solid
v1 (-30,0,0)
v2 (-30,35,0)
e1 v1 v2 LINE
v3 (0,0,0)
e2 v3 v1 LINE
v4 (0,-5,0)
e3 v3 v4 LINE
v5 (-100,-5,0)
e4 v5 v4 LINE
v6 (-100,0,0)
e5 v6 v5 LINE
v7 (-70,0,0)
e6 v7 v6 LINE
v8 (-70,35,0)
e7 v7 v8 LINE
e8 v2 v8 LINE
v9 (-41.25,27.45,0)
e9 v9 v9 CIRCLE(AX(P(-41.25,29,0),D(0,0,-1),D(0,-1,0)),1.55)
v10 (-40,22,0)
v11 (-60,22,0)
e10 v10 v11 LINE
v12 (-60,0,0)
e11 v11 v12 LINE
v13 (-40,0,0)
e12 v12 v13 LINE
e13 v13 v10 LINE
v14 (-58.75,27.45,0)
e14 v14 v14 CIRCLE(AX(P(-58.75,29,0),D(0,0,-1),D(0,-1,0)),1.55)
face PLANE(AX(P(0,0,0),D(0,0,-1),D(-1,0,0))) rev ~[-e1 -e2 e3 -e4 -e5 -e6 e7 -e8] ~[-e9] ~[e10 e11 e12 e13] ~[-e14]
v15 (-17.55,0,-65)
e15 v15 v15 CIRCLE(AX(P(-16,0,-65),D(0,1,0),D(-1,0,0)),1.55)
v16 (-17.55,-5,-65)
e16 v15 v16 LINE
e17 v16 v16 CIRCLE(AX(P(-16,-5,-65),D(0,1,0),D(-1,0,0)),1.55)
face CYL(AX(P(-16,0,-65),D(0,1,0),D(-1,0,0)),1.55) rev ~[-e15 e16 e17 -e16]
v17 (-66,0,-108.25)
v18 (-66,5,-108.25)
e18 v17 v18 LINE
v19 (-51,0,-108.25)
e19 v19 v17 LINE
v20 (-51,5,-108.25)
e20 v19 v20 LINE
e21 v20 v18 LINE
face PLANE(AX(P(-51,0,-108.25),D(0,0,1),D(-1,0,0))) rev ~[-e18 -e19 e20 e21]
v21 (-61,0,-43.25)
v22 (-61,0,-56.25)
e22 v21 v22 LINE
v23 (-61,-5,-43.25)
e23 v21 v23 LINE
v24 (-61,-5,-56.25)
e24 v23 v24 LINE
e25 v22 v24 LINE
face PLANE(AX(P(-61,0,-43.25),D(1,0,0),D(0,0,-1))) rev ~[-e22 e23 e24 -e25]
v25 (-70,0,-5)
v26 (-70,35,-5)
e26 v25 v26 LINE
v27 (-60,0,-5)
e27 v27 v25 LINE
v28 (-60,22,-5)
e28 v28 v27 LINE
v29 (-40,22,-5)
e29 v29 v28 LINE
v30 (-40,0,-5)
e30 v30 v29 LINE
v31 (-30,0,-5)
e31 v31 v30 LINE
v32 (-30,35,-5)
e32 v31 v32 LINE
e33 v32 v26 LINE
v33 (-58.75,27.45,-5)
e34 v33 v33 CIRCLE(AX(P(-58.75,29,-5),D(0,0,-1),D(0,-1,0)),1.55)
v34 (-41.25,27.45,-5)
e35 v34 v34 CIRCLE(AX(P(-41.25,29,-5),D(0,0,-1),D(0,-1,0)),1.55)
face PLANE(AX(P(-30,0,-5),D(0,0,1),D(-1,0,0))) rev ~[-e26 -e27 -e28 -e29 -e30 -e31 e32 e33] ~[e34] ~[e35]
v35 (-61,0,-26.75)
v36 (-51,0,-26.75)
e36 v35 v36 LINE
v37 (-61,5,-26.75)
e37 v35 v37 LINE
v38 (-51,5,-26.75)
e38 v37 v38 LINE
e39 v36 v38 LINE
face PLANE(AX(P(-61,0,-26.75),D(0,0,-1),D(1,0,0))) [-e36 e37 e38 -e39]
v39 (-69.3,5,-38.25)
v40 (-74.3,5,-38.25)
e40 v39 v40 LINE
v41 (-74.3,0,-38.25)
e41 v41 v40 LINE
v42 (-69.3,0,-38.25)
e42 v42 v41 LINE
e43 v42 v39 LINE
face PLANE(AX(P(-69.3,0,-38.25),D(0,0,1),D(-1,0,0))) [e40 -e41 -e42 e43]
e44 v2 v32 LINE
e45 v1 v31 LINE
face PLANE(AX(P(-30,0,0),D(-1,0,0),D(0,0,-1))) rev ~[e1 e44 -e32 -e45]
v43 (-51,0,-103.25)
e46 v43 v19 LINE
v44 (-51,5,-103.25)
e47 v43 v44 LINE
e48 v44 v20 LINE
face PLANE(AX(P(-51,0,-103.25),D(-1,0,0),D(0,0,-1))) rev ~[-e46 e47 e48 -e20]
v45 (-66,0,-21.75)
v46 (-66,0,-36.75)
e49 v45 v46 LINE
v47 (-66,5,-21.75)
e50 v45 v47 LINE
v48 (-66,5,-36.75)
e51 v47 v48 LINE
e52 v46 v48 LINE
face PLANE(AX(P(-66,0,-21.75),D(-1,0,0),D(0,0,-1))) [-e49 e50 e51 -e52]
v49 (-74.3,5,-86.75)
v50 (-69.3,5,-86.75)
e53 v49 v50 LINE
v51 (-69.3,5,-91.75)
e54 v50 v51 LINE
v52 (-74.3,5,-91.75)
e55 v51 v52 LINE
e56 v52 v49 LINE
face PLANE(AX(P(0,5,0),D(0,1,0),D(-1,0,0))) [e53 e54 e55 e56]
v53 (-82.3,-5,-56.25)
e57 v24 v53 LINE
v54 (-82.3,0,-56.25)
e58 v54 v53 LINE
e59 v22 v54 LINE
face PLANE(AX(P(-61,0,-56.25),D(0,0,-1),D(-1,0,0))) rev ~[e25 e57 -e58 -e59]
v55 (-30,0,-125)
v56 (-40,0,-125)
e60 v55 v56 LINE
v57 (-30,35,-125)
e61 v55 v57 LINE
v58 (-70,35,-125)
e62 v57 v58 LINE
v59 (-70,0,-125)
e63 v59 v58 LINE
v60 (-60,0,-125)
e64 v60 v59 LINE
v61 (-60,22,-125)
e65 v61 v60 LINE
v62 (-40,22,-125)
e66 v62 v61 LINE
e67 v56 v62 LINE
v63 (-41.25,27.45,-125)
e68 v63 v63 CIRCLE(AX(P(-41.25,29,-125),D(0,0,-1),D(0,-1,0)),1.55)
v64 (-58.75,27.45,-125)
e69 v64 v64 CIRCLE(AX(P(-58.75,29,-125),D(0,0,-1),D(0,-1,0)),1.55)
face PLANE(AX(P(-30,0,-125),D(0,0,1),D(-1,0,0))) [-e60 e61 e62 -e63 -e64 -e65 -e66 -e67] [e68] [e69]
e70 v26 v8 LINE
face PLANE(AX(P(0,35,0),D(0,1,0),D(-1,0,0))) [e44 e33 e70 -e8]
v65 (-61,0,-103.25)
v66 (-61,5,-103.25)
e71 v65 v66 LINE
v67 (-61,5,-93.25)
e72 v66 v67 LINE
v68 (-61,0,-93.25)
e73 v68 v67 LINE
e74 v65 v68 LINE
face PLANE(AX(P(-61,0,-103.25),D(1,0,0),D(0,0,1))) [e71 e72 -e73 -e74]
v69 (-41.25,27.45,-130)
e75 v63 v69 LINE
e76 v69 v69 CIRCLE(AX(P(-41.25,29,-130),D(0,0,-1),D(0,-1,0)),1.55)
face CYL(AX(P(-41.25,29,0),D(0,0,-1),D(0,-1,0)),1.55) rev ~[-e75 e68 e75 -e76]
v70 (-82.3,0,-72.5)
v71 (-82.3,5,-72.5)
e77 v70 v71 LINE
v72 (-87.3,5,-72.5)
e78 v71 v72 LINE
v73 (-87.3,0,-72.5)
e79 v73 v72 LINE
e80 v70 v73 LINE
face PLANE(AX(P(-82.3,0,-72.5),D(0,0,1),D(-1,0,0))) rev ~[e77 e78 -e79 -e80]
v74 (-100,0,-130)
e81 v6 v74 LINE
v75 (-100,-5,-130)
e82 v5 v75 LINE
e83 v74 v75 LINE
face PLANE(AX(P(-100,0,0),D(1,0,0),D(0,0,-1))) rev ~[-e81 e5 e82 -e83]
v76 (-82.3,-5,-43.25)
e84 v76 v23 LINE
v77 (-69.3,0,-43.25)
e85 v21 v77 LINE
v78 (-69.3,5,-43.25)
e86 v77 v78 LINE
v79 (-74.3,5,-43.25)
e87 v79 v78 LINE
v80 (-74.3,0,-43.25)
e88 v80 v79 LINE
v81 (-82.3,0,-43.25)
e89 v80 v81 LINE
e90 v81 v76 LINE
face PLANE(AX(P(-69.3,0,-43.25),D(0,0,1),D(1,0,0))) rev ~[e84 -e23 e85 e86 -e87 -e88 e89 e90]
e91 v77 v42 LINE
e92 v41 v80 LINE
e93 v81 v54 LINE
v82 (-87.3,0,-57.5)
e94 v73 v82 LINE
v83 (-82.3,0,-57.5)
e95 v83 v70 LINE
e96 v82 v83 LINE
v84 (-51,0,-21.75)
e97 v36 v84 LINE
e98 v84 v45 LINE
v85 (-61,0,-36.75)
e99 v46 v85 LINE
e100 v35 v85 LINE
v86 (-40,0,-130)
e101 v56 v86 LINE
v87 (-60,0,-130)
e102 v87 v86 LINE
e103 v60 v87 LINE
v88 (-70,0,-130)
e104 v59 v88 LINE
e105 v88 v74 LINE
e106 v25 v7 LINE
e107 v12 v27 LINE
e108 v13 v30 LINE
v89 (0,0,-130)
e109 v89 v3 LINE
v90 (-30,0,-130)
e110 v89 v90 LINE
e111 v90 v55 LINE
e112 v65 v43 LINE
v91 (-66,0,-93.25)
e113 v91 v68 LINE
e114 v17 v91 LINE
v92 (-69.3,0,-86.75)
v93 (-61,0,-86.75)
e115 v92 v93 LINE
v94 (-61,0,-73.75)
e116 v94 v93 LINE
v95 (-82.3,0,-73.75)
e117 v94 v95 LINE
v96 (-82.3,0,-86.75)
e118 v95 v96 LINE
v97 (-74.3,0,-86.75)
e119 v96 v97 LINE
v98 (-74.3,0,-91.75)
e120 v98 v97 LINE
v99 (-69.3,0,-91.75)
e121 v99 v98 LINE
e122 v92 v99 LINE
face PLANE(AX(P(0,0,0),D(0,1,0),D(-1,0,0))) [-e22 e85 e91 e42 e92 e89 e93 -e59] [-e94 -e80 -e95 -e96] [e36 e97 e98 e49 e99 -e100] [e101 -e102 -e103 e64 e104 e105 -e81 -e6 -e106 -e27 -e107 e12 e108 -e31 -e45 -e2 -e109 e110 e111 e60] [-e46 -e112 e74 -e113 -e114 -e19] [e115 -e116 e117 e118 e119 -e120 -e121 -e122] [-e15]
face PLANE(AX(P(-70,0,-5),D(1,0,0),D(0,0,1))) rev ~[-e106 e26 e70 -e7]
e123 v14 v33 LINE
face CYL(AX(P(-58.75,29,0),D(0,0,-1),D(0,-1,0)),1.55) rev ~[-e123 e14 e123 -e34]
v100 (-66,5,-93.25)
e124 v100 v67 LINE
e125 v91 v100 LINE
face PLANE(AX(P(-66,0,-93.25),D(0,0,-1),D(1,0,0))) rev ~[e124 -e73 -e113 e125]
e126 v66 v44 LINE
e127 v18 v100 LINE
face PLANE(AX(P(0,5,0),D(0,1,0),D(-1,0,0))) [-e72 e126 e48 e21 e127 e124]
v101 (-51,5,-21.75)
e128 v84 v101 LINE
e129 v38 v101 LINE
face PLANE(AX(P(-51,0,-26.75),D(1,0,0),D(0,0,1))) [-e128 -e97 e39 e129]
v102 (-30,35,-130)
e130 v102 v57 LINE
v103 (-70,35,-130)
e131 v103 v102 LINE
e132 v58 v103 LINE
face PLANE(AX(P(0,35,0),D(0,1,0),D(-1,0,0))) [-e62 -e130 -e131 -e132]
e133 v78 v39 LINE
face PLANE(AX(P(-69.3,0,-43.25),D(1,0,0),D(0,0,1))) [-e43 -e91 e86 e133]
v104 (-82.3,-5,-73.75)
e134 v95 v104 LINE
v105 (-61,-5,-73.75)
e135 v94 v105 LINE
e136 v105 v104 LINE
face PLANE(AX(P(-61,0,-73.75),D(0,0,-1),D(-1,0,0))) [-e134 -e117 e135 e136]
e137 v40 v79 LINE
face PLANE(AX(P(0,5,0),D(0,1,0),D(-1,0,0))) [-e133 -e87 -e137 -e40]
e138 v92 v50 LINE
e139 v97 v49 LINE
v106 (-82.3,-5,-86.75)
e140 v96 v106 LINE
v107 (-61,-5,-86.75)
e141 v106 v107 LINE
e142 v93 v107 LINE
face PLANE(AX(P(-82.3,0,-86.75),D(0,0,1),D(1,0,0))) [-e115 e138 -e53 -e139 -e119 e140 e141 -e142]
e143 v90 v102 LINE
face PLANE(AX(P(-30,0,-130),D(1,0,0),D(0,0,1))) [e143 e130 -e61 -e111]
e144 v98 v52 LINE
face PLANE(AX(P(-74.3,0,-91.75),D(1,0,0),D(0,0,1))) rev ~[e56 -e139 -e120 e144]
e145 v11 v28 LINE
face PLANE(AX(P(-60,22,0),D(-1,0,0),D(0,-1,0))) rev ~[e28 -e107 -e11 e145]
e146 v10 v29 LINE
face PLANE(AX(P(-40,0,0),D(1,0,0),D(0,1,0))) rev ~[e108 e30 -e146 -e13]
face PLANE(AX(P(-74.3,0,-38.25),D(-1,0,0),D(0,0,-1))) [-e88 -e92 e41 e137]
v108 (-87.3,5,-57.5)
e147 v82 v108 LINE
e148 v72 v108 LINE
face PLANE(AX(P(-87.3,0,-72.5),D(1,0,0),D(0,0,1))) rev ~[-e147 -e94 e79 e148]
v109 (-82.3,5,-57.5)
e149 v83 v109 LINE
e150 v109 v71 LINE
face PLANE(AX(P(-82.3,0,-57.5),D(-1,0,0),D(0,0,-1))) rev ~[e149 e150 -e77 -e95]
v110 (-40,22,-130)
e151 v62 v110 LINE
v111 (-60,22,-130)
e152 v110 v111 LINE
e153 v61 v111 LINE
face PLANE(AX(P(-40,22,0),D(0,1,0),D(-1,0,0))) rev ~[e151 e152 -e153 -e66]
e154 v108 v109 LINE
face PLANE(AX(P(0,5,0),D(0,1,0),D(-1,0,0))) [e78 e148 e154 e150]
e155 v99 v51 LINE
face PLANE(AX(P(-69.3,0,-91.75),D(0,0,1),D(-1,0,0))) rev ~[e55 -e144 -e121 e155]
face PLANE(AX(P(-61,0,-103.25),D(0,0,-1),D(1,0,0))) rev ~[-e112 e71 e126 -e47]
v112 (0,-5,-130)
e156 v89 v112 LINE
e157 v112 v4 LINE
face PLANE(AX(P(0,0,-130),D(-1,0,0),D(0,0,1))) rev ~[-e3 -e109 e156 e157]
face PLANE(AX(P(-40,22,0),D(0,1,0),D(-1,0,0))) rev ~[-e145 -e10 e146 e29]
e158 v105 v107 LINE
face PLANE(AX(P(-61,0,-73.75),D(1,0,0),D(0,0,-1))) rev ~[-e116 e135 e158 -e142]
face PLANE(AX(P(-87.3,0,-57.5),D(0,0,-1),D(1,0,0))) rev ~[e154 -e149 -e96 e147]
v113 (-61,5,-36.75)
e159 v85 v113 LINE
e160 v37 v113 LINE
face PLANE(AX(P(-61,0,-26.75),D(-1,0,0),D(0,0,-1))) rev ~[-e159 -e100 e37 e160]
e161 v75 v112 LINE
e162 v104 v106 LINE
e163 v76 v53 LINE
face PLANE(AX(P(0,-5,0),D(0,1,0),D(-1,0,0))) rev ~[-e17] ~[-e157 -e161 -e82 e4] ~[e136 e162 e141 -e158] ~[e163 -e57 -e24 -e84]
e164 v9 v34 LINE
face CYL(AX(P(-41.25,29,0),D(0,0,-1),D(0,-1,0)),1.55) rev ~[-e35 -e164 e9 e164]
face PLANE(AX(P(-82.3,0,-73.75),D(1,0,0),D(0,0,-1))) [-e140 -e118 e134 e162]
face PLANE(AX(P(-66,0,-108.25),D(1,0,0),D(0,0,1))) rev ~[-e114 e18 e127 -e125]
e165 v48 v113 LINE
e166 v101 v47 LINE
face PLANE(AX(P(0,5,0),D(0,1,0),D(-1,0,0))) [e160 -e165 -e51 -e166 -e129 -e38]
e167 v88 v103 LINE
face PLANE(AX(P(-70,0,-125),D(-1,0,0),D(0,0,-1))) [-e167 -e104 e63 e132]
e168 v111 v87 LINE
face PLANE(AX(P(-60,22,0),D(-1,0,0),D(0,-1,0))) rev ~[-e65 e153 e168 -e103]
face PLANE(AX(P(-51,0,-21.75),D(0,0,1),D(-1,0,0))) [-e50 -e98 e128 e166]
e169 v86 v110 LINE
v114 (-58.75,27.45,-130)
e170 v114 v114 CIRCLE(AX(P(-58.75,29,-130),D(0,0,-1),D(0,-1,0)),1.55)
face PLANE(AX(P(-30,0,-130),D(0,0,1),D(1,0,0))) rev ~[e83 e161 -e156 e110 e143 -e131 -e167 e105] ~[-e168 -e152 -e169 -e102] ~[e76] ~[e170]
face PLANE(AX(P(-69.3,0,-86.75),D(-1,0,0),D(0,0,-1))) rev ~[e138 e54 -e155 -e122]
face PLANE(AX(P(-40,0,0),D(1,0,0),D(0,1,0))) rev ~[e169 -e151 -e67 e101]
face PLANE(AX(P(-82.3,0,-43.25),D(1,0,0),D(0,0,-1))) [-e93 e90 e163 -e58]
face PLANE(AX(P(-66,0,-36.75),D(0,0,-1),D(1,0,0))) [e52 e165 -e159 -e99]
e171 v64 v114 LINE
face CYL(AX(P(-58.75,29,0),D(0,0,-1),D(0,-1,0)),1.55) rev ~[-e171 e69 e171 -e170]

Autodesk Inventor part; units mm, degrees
ref_plane "YZ Plane" through (0, 0, 0) normal (1, 0, 0) x (0, 1, 0)
ref_plane "XZ Plane" through (0, 0, 0) normal (0, 1, 0) x (-1, 0, 0)
ref_plane "XY Plane" through (0, 0, 0) normal (0, 0, 1) x (1, 0, 0)
sketch "Sketch1" plane through (0, 0, 0) normal (0, 1, 0) x (-1, 0, 0)
  line L0 (0, 0) -> (100, 0)
  line L1 (100, 0) -> (100, -130)
  line L2 (100, -130) -> (0, -130)
  line L3 (0, -130) -> (0, 0)
  line L4 (61, -26.75) -> (19.5, -26.75) construction
  line L5 (19.5, -26.75) -> (19.5, -103.25) construction
  line L6 (19.5, -103.25) -> (61, -103.25) construction
  line L7 (61, -103.25) -> (61, -26.75) construction
  line L8 (61, -65) -> (19.5, -65) construction
  line L9 (70, 0) -> (30, 0)
  line L10 (30, 0) -> (30, -5)
  line L11 (30, -5) -> (70, -5)
  line L12 (70, -5) -> (70, 0)
  line L13 (70, -130) -> (30, -130)
  line L14 (30, -130) -> (30, -125)
  line L15 (30, -125) -> (70, -125)
  line L16 (70, -125) -> (70, -130)
  line L17 (61, -26.75) -> (51, -26.75)
  line L18 (51, -21.75) -> (66, -21.75)
  line L19 (66, -21.75) -> (66, -36.75)
  line L20 (66, -36.75) -> (61, -36.75)
  line L21 (61, -26.75) -> (61, -36.75)
  line L22 (51, -103.25) -> (51, -108.25)
  line L23 (51, -108.25) -> (66, -108.25)
  line L24 (66, -108.25) -> (66, -93.25)
  line L25 (66, -93.25) -> (61, -93.25)
  line L26 (61, -103.25) -> (61, -93.25)
  line L27 (61, -103.25) -> (51, -103.25)
  line L28 (82.3, -43.25) -> (61, -43.25) construction
  line L29 (61, -43.25) -> (61, -86.75) construction
  line L30 (61, -86.75) -> (82.3, -86.75) construction
  line L31 (82.3, -86.75) -> (82.3, -43.25) construction
  line L32 (82.3, -43.25) -> (82.3, -48.25)
  line L33 (87.05, -43.25) -> (82.3, -43.25)
  line L34 (82.3, -43.25) -> (61, -43.25)
  line L35 (61, -43.25) -> (61, -56.25)
  line L36 (61, -56.25) -> (82.3, -56.25)
  line L37 (82.3, -56.25) -> (82.3, -43.25)
  line L38 (82.3, -65) -> (61, -65) construction
  line L39 (82.3, -86.75) -> (61, -86.75)
  line L40 (61, -73.75) -> (82.3, -73.75)
  line L41 (82.3, -81.75) -> (82.3, -86.75)
  line L42 (61, -73.75) -> (61, -86.75)
  line L43 (51, -26.75) -> (51, -21.75)
  circle A0 centre (16, -65) radius 1.55
  line L44 (82.3, -73.75) -> (82.3, -81.75)
  line L45 (82.3, -72.5) -> (87.3, -72.5)
  line L46 (87.3, -72.5) -> (87.3, -57.5)
  line L47 (87.3, -57.5) -> (82.3, -57.5)
  line L48 (82.3, -57.5) -> (82.3, -72.5)
  line L49 (74.3, -86.75) -> (69.3, -86.75)
  line L50 (69.3, -86.75) -> (69.3, -91.75)
  line L51 (69.3, -91.75) -> (74.3, -91.75)
  line L52 (74.3, -91.75) -> (74.3, -86.75)
  line L53 (74.3, -43.25) -> (69.3, -43.25)
  line L54 (69.3, -43.25) -> (69.3, -38.25)
  line L55 (69.3, -38.25) -> (74.3, -38.25)
  line L56 (74.3, -38.25) -> (74.3, -43.25)
  point P0 (100, -65)
  point P1 (50, 0)
  point P2 (50, -5)
  point P3 (50, 0)
  point P4 (60, -115)
  point P5 (70, -115)
  point P6 (66, -29.25)
  point P7 (92.05, -81.75)
  point P8 (92.05, -48.25)
  point P9 (51, -105.75)
  point P10 (63.5, -93.25)
  point P11 (87.3, -65)
  point P12 (82.3, -84.25)
  point P13 (74.3, -89.25)
  point P14 (87.05, -43.25)
  point P15 (50, -130)
  point P16 (70, -2.5)
  point P17 (70, -127.5)
  dimension "d0" = 100
  dimension "d1" = 130
  dimension "d2" = 76.5
  dimension "d3" = 41.5
  dimension "d19" = 40
  dimension "d20" = 5
  dimension "d43" = 43.5
  dimension "d44" = 21.3
  dimension "d50" = 0
  dimension "d55" = 13
  dimension "d58" = 10
  dimension "d59" = 5
  dimension "d60" = 5
  dimension "d62" = 10
  dimension "d63" = 5
  dimension "d64" = 15
  dimension "d65" = 15
  dimension "d66" = 5
  dimension "d67" = 10
  dimension "d68" = 10
  dimension "d83" = 3.1
  dimension "d84" = 3.5
  dimension "d85" = 6.5
  dimension "d86" = 15
  dimension "d87" = 5
  dimension "d88" = 5
  dimension "d89" = 5
  dimension "d90" = 8
  dimension "d93" = 40
  dimension "d94" = 5
  dimension "d95" = 34
extrude "Extrusion2" add sketch "Sketch1" against normal blind 5 contours L0 L10 L11 L12 L1 L2 L16 L15 L14 L3 | L0 L12 L11 L10 | L14 L15 L16 L2 | L17 L43 L18 L19 L20 L21 | L27 L26 L25 L24 L23 L22 | L32 L37 L36 L35 L34 | L34 L54 L55 L56 | L39 L42 L40 L44 L41 | L52 L51 L50 L39 | A0 | L48 L47 L46 L45
extrude "Extrusion3" add sketch "Sketch1" along normal blind 35 contours L0 L12 L11 L10 | L14 L15 L16 L2
sketch "Sketch2" plane through (-100, -5, 0) normal (0, 0, 1) x (1, 0, 0)
  line L0 (30, 5) -> (70, 5) projected
  line L1 (40, 5) -> (60, 5)
  line L2 (60, 5) -> (60, 27)
  line L3 (60, 27) -> (40, 27)
  line L4 (40, 27) -> (40, 5)
  line L5 (41.25, 34) -> (58.75, 34) construction
  line L6 (30, 40) -> (70, 40) projected
  point P0 (100, 5)
  point P1 (50, 5)
  point P2 (50, 27)
  point P3 (50, 34)
  dimension "d31" = 20
  dimension "d34" = 7
  dimension "d42" = 17.5
  dimension "d92" = 13
extrude "Extrusion6" cut sketch "Sketch2" against normal through all
hole "Hole2" at (-58.75, 29, 0) at (-41.25, 29, 0) direction (0, 0, -1) diameter 3.1 end through all
extrude "Extrusion7" cut sketch "Sketch1" against normal through all contours L32 L37 L36 L35 L34 | L39 L42 L40 L44 L41 | A0
extrude "Extrusion9" add sketch "Sketch1" along normal blind 5 contours L17 L43 L18 L19 L20 L21 | L27 L26 L25 L24 L23 L22 | L34 L54 L55 L56 | L52 L51 L50 L39 | L48 L47 L46 L45
properties part number "Chasis 1"
